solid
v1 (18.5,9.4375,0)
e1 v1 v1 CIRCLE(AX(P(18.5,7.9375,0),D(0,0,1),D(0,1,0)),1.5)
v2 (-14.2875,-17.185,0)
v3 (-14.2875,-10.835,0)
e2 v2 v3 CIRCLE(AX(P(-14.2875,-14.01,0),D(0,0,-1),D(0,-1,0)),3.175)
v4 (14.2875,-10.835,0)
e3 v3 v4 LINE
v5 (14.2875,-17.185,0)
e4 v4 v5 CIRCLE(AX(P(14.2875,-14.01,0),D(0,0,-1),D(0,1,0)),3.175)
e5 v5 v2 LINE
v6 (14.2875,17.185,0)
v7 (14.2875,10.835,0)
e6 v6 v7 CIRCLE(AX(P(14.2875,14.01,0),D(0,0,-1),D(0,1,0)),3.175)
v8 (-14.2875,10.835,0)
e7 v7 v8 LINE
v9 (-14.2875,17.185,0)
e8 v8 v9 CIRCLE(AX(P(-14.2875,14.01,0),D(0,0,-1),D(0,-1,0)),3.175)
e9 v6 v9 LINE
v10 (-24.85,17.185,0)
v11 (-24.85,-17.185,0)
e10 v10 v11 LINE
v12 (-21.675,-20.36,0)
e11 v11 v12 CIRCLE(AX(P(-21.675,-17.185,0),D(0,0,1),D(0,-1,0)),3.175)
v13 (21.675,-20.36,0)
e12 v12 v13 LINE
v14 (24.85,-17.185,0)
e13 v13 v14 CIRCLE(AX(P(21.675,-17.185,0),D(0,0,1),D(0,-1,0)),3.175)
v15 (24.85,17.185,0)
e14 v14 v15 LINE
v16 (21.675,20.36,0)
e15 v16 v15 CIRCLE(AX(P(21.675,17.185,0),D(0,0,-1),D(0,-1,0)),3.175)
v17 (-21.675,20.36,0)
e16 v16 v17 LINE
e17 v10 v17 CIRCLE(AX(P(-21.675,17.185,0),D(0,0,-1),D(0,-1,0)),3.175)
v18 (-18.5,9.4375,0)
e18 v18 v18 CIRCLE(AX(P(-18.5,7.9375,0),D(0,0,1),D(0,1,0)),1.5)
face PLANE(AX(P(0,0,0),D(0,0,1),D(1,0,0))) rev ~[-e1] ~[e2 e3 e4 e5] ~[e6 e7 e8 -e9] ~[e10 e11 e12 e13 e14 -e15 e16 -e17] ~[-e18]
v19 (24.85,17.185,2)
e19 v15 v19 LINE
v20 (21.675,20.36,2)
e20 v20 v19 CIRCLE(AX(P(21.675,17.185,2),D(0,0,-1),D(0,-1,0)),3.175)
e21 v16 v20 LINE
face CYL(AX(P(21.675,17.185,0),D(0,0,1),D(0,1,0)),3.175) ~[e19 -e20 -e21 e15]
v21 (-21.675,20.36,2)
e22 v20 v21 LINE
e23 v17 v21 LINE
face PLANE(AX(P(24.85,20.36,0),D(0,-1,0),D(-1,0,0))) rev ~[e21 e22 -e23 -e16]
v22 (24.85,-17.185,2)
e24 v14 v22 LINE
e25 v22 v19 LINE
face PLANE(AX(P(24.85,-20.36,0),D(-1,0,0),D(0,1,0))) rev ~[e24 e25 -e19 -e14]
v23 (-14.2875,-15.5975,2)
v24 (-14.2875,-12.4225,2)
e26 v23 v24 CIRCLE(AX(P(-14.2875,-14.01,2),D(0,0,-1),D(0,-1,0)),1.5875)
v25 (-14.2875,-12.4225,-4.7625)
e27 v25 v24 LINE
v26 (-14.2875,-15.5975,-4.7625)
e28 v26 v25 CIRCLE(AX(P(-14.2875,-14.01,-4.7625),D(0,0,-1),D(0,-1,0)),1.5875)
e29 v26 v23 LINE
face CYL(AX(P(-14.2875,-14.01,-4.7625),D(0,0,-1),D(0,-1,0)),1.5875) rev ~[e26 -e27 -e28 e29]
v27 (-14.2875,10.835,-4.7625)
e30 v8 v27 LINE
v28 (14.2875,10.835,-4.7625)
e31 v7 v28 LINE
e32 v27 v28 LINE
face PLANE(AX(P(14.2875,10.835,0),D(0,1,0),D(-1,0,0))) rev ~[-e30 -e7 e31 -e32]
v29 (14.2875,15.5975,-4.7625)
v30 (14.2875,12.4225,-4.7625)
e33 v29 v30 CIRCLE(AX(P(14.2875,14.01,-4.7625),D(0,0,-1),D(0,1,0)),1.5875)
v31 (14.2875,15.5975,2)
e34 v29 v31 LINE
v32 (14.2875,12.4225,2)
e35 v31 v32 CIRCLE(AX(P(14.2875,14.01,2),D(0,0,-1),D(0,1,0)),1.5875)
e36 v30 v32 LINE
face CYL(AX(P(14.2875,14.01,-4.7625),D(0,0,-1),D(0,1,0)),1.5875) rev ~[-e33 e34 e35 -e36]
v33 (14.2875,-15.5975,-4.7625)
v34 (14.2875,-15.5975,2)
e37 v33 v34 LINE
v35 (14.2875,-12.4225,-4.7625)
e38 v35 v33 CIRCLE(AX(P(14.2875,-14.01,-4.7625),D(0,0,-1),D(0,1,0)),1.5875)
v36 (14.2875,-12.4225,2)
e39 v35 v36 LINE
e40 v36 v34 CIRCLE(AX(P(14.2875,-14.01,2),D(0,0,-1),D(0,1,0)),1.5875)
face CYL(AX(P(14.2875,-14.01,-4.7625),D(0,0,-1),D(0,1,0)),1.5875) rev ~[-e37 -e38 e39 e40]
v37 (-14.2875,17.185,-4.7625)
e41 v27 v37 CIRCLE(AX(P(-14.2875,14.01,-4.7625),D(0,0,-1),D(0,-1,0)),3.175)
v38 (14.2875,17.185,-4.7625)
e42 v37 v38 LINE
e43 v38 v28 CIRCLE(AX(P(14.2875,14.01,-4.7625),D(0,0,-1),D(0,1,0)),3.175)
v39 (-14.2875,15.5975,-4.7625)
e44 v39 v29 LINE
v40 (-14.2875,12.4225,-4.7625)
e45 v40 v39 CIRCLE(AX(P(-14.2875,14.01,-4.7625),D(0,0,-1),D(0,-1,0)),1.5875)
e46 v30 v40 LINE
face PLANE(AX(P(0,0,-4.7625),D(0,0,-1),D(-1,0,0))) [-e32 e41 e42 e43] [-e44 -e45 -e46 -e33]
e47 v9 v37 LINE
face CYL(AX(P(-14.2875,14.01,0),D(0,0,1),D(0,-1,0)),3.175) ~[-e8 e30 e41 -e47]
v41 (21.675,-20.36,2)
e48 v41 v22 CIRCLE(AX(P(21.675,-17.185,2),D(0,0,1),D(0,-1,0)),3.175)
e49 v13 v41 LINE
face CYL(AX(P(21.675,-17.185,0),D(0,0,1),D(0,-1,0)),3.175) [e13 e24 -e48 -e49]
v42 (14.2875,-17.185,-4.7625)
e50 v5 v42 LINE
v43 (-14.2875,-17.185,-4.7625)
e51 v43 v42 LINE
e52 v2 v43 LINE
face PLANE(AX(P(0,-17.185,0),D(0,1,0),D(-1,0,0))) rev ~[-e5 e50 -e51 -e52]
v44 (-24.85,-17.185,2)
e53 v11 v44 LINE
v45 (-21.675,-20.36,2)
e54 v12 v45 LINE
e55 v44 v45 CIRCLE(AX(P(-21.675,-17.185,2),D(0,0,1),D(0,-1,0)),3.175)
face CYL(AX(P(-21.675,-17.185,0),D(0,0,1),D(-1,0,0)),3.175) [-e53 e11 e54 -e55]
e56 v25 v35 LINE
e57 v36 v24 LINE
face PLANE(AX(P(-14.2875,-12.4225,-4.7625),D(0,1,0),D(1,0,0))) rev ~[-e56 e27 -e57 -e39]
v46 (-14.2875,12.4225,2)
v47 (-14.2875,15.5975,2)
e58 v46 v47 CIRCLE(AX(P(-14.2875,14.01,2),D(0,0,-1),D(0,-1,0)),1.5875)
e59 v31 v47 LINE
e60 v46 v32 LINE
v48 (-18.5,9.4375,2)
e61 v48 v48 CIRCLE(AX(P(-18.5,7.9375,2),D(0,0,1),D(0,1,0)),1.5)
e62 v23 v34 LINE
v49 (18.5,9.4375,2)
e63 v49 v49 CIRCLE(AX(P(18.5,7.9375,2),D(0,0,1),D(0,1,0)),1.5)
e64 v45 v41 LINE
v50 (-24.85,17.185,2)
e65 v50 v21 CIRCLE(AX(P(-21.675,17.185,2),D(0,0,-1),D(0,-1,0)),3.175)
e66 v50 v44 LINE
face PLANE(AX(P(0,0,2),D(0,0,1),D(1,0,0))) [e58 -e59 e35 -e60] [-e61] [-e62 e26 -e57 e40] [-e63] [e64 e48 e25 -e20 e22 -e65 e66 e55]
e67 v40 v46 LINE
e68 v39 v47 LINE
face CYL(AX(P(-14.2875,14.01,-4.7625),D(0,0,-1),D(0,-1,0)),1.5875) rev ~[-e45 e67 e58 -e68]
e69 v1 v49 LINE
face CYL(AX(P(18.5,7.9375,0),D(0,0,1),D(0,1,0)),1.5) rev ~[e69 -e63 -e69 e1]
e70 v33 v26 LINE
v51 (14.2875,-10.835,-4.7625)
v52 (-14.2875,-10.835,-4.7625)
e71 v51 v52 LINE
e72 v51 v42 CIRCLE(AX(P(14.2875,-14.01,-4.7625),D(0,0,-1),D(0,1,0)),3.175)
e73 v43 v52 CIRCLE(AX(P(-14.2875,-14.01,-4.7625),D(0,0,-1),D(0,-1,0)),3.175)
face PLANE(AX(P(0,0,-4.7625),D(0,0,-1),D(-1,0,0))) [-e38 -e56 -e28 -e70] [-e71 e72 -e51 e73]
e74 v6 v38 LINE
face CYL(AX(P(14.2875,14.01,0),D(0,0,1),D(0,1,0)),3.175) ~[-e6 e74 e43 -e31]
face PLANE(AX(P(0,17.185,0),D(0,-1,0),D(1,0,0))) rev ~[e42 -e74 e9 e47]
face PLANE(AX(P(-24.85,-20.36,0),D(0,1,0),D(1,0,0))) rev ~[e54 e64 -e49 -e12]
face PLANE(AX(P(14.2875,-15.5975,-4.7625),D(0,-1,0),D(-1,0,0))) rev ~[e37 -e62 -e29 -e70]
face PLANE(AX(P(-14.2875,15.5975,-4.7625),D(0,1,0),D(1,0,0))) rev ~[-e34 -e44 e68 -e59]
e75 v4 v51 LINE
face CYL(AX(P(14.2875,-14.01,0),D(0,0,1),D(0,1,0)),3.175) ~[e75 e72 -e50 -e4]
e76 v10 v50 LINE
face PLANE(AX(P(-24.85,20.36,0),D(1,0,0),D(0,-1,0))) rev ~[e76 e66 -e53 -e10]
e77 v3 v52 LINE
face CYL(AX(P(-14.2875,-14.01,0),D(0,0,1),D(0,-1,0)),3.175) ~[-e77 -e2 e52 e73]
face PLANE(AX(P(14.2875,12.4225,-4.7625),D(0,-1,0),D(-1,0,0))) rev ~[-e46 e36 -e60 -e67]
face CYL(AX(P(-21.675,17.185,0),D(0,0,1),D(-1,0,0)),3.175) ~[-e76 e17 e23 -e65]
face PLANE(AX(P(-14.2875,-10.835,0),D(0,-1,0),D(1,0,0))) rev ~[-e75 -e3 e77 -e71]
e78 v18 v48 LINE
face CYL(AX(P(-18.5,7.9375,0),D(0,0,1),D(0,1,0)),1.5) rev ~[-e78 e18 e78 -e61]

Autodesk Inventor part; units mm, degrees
ref_plane "YZ Plane" through (0, 0, 0) normal (1, 0, 0) x (0, 1, 0)
ref_plane "XZ Plane" through (0, 0, 0) normal (0, 1, 0) x (-1, 0, 0)
ref_plane "XY Plane" through (0, 0, 0) normal (0, 0, 1) x (1, 0, 0)
sketch "Sketch1" plane through (0, 0, 0) normal (0, 0, 1) x (1, 0, 0)
  line L0 (-24.85, -20.36) -> (24.85, -20.36)
  line L1 (24.85, -20.36) -> (24.85, 20.36)
  line L2 (24.85, 20.36) -> (-24.85, 20.36)
  line L3 (-24.85, 20.36) -> (-24.85, -20.36)
  line L4 (-24.85, -20.36) -> (24.85, 20.36) construction
  line L5 (24.85, -20.36) -> (-24.85, 20.36) construction
  point P0 (0, 0)
  dimension "d0" = 49.7
  dimension "d1" = 40.72
extrude "Extrusion1" add sketch "Sketch1" along normal blind 2
sketch "Sketch3" plane through (0, 0, 0) normal (0, 0, -1) x (-1, 0, 0)
  line L0 (24.85, 20.36) -> (24.85, -20.36) projected
  line L1 (14.2875, -14.01) -> (-14.2875, -14.01) construction
  line L2 (14.2875, -10.835) -> (-14.2875, -10.835)
  line L3 (-14.2875, -17.185) -> (14.2875, -17.185)
  arc A0 (14.2875, -17.185) -> (14.2875, -10.835) centre (14.2875, -14.01) ccw
  arc A1 (-14.2875, -10.835) -> (-14.2875, -17.185) centre (-14.2875, -14.01) ccw
  line L4 (0, -28.504) -> (0, 28.504) projected
  line L5 (34.79, 0) -> (-34.79, 0) projected
  line L6 (14.2875, 14.01) -> (-14.2875, 14.01) construction
  line L7 (14.2875, 17.185) -> (-14.2875, 17.185)
  line L8 (-14.2875, 10.835) -> (14.2875, 10.835)
  arc A2 (14.2875, 10.835) -> (14.2875, 17.185) centre (14.2875, 14.01) ccw
  arc A3 (-14.2875, 17.185) -> (-14.2875, 10.835) centre (-14.2875, 14.01) ccw
  point P0 (0, 0)
  point P1 (0, -14.01)
  point P2 (0, 14.01)
  dimension "d28" = 3.175
  dimension "d29" = 28.02
  dimension "d30" = 28.575
sketch "Sketch5" plane through (0, 0, 0) normal (0, 0, -1) x (-1, 0, 0)
  line L0 (0, -28.504) -> (0, 28.504) projected
  line L1 (34.79, 0) -> (-34.79, 0) projected
  point P0 (0, 0)
  point P1 (-18.5, 7.9375)
  point P2 (18.5, 7.9375)
  dimension "d17" = 37
  dimension "d26" = 7.9375
hole "Hole1" at (18.5, 7.9375, 0) at (-18.5, 7.9375, 0) direction (0, 0, 1) diameter 3 depth 2
fillet "Fillet1" radius 3.175 4 edges at (24.85, -20.36, 1) (24.85, 20.36, 1) (-24.85, 20.36, 1) (-24.85, -20.36, 1)
extrude "Extrusion4" add sketch "Sketch3" along normal blind 4.7625
sketch "Sketch6" plane through (0, 0, -4.7625) normal (0, 0, -1) x (-1, 0, 0)
  line L0 (14.2875, -10.835) -> (-14.2875, -10.835) projected
  arc A0 (-14.2875, -10.835) -> (-14.2875, -17.185) centre (-14.2875, -14.01) ccw projected
  line L1 (-14.2875, -17.185) -> (14.2875, -17.185) projected
  arc A1 (14.2875, -17.185) -> (14.2875, -10.835) centre (14.2875, -14.01) ccw projected
  line L2 (14.2875, 17.185) -> (-14.2875, 17.185) projected
  arc A2 (-14.2875, 17.185) -> (-14.2875, 10.835) centre (-14.2875, 14.01) ccw projected
  line L3 (-14.2875, 10.835) -> (14.2875, 10.835) projected
  arc A3 (14.2875, 10.835) -> (14.2875, 17.185) centre (14.2875, 14.01) ccw projected
  line L4 (14.2875, -14.01) -> (-14.2875, -14.01) construction
  line L5 (14.2875, -12.4225) -> (-14.2875, -12.4225)
  line L6 (-14.2875, -15.5975) -> (14.2875, -15.5975)
  arc A4 (14.2875, -15.5975) -> (14.2875, -12.4225) centre (14.2875, -14.01) ccw
  arc A5 (-14.2875, -12.4225) -> (-14.2875, -15.5975) centre (-14.2875, -14.01) ccw
  line L7 (14.2875, 14.01) -> (-14.2875, 14.01) construction
  line L8 (14.2875, 15.5975) -> (-14.2875, 15.5975)
  line L9 (-14.2875, 12.4225) -> (14.2875, 12.4225)
  arc A6 (14.2875, 12.4225) -> (14.2875, 15.5975) centre (14.2875, 14.01) ccw
  arc A7 (-14.2875, 15.5975) -> (-14.2875, 12.4225) centre (-14.2875, 14.01) ccw
  point P0 (0, 0)
  point P1 (0, -14.01)
  point P2 (0, 14.01)
  dimension "d33" = 1.5875
extrude "Extrusion5" cut sketch "Sketch6" along normal through all both and the other way through all contours A4 L6 A5 L5 | A6 L9 A7 L8
properties part number "RC_CAR_ARDUINO_PLATE"
